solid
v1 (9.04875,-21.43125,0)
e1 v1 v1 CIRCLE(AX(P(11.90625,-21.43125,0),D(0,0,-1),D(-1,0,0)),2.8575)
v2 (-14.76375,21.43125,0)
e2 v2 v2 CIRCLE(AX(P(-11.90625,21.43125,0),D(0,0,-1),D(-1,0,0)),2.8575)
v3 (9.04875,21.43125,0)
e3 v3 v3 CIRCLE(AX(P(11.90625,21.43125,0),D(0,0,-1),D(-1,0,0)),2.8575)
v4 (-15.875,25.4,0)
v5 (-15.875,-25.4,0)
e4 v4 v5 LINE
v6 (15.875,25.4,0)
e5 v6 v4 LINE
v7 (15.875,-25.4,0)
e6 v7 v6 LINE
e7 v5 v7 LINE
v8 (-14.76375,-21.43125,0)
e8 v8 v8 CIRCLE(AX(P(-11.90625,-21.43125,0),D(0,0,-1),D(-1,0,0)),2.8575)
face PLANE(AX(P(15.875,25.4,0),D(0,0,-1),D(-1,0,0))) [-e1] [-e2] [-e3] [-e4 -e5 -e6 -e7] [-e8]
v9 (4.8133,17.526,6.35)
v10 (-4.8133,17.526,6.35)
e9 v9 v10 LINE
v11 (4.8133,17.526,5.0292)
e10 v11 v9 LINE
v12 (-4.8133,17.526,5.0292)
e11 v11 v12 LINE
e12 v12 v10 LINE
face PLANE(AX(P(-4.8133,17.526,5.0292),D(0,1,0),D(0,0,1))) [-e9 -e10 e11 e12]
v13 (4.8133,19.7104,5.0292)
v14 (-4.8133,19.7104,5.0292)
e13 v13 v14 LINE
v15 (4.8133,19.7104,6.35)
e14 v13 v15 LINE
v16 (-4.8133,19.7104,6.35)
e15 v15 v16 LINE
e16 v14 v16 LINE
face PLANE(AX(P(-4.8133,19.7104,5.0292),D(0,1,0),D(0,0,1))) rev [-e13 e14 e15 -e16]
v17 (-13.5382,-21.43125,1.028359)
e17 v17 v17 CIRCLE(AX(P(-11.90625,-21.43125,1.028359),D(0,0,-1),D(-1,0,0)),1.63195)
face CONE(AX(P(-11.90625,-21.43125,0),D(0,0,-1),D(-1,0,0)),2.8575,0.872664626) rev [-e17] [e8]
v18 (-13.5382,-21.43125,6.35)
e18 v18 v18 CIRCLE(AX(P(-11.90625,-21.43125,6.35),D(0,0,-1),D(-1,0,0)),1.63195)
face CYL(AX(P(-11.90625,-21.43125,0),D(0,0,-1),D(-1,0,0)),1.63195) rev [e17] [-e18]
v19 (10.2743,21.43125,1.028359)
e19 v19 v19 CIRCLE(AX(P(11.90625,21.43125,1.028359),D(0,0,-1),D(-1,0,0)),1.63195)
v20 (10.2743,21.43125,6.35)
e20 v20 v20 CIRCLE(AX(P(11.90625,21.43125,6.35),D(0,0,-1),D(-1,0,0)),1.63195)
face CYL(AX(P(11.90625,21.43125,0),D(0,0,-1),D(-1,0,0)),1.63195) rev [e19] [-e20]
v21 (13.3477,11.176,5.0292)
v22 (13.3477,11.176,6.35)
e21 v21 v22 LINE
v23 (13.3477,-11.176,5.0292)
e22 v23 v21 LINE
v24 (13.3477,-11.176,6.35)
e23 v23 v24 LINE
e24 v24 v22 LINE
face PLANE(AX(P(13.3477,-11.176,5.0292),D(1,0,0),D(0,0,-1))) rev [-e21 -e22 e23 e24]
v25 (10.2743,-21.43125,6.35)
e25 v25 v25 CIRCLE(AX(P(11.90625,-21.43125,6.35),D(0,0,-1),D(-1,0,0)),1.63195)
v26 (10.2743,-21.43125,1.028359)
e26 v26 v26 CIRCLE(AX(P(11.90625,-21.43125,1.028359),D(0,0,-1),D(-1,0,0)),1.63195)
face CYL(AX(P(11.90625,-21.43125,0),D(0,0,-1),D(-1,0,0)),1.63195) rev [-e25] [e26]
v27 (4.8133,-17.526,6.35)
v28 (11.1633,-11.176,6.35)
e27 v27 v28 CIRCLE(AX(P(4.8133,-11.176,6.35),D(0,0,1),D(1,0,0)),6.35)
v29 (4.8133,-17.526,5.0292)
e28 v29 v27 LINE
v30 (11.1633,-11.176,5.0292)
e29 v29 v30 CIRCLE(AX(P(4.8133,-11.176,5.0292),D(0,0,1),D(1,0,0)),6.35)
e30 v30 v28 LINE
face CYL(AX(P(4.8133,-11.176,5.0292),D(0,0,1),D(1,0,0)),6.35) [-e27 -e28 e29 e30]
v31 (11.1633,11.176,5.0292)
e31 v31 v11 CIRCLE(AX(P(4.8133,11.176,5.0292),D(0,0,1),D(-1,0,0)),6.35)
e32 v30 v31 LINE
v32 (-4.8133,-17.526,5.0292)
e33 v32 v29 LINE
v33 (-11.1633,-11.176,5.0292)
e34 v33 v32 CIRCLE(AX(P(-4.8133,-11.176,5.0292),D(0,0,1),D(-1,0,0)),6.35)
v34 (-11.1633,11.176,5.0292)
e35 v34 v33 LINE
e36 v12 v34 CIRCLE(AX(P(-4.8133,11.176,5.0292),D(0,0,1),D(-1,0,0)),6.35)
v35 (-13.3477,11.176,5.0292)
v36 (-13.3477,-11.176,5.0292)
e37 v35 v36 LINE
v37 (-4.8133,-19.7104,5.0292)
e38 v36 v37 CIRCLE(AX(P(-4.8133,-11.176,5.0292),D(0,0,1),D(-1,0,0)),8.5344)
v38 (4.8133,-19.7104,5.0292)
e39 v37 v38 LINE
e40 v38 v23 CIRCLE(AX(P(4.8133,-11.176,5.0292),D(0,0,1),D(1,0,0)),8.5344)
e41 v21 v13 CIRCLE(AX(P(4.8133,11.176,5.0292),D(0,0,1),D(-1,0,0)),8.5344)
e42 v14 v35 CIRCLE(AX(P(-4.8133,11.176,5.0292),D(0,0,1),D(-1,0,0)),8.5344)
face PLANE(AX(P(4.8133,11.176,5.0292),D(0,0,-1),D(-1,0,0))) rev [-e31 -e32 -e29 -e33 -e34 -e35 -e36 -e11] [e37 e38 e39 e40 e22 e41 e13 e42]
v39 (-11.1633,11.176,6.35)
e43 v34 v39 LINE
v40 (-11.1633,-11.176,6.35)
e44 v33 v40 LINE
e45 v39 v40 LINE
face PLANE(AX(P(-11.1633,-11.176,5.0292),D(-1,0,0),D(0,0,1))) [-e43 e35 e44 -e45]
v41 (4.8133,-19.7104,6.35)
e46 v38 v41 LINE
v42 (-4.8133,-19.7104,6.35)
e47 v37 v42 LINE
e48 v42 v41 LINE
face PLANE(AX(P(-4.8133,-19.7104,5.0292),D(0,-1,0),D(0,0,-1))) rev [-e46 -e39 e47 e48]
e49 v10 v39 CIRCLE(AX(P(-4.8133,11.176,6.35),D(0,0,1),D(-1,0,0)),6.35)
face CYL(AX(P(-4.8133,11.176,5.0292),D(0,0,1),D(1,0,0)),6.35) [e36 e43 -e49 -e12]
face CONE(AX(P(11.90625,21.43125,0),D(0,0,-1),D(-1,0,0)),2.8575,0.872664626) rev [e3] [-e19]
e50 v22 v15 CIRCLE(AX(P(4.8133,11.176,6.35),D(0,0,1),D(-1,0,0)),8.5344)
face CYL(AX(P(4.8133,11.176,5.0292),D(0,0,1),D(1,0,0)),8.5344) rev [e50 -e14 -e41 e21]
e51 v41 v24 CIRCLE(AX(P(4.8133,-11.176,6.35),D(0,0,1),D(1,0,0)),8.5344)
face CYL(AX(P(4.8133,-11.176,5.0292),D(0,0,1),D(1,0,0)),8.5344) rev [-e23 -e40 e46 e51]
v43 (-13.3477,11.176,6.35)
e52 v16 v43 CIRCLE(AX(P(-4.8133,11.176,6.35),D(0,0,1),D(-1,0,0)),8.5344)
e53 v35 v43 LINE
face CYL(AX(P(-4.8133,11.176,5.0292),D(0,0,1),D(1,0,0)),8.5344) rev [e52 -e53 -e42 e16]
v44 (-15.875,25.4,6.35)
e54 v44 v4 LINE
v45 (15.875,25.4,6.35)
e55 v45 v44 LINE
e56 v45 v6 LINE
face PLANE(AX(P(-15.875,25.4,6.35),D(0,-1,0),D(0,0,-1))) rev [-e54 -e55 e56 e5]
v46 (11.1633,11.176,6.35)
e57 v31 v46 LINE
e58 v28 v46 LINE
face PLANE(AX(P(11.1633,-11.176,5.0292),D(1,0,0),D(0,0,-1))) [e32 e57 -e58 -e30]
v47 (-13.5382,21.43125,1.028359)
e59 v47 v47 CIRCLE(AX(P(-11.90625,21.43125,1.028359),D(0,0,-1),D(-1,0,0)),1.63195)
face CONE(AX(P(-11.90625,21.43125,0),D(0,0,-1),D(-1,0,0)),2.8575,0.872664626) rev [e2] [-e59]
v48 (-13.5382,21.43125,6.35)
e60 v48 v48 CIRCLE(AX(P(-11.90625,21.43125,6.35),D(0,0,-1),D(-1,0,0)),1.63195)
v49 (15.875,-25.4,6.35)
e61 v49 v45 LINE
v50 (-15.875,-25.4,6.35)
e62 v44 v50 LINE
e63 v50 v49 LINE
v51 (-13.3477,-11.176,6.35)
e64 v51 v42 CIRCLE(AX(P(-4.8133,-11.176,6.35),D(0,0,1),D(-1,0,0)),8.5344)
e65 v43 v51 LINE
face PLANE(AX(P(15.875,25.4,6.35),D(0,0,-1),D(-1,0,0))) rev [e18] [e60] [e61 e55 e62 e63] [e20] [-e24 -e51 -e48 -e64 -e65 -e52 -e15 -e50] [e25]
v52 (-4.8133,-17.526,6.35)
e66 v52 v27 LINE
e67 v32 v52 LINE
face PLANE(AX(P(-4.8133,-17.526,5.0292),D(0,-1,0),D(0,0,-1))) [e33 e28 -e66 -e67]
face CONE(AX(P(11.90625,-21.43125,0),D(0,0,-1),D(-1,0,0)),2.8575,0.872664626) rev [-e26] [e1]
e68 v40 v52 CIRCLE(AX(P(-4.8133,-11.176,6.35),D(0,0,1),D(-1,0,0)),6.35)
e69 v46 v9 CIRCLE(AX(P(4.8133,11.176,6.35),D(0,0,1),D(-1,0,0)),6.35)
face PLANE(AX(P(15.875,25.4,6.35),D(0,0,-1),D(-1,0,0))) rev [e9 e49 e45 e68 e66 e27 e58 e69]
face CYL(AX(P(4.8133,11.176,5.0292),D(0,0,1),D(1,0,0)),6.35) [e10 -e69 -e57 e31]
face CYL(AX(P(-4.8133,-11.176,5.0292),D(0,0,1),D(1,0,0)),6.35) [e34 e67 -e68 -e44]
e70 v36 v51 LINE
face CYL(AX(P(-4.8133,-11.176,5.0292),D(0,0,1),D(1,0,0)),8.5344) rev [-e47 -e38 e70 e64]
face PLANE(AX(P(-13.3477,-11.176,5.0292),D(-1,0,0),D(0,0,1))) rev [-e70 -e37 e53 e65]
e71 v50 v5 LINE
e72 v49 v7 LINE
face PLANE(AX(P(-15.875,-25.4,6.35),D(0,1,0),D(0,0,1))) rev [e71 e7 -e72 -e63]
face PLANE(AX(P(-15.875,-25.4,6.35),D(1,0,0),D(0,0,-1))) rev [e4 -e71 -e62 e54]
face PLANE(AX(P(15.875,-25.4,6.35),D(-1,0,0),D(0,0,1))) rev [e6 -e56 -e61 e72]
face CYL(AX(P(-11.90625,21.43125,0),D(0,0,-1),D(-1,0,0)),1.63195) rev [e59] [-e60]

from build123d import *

# Parameters (mm, degrees)
SKETCH1_W                                         = 31.75
SKETCH1_H                                         = 50.8
BOSS_EXTRUDE1_DEPTH                               = 6.35
CUT_EXTRUDE2_DASH_027_DEPTH                       = 1.3208
CSK_FOR_4_FLAT_HEAD_MACHINE_SCREW_100_D           = 3.2639
CSK_FOR_4_FLAT_HEAD_MACHINE_SCREW_100_CSINK_D     = 5.715
CSK_FOR_4_FLAT_HEAD_MACHINE_SCREW_100_CSINK_ANGLE = 100


with BuildPart() as part:
    # Sketch1 → Boss-Extrude1 (new body)
    with BuildSketch(Plane.XY):
        Rectangle(SKETCH1_W, SKETCH1_H)
    extrude(amount=BOSS_EXTRUDE1_DEPTH)

    # Sketch3 → Cut-Extrude2 - dash 027 (cut)
    with BuildSketch(Plane.XY.offset(6.35)):
        with BuildLine():
            Line((13.3477, -11.176), (13.3477, 11.176))
            ThreePointArc((13.3477, 11.176), (10.848032113, 17.210732113), (4.8133, 19.7104))
            Line((4.8133, 19.7104), (-4.8133, 19.7104))
            ThreePointArc((-4.8133, 19.7104), (-10.848032113, 17.210732113), (-13.3477, 11.176))
            Line((-13.3477, 11.176), (-13.3477, -11.176))
            ThreePointArc((-13.3477, -11.176), (-10.848032113, -17.210732113), (-4.8133, -19.7104))
            Line((-4.8133, -19.7104), (4.8133, -19.7104))
            ThreePointArc((4.8133, -19.7104), (10.848032113, -17.210732113), (13.3477, -11.176))
        make_face()
        with BuildLine():
            Line((-4.8133, -17.526), (4.8133, -17.526))
            ThreePointArc((4.8133, -17.526), (9.303428061, -15.666128061), (11.1633, -11.176))
            Line((11.1633, -11.176), (11.1633, 11.176))
            ThreePointArc((11.1633, 11.176), (9.303428061, 15.666128061), (4.8133, 17.526))
            Line((4.8133, 17.526), (-4.8133, 17.526))
            ThreePointArc((-4.8133, 17.526), (-9.303428061, 15.666128061), (-11.1633, 11.176))
            Line((-11.1633, 11.176), (-11.1633, -11.176))
            ThreePointArc((-11.1633, -11.176), (-9.303428061, -15.666128061), (-4.8133, -17.526))
        make_face(mode=Mode.SUBTRACT)
    extrude(amount=-CUT_EXTRUDE2_DASH_027_DEPTH, mode=Mode.SUBTRACT)

    # CSK for #4 Flat Head Machine Screw (100)1 (through all)
    with Locations(Plane(origin=(0, 0, 0), x_dir=(-1, 0, 0), z_dir=(0, 0, -1))):
        with Locations((-11.90625, 21.43125), (11.90625, 21.43125), (-11.90625, -21.43125), (11.90625, -21.43125)):
            CounterSinkHole(CSK_FOR_4_FLAT_HEAD_MACHINE_SCREW_100_D / 2, CSK_FOR_4_FLAT_HEAD_MACHINE_SCREW_100_CSINK_D / 2, counter_sink_angle=CSK_FOR_4_FLAT_HEAD_MACHINE_SCREW_100_CSINK_ANGLE)


solid = part.part
